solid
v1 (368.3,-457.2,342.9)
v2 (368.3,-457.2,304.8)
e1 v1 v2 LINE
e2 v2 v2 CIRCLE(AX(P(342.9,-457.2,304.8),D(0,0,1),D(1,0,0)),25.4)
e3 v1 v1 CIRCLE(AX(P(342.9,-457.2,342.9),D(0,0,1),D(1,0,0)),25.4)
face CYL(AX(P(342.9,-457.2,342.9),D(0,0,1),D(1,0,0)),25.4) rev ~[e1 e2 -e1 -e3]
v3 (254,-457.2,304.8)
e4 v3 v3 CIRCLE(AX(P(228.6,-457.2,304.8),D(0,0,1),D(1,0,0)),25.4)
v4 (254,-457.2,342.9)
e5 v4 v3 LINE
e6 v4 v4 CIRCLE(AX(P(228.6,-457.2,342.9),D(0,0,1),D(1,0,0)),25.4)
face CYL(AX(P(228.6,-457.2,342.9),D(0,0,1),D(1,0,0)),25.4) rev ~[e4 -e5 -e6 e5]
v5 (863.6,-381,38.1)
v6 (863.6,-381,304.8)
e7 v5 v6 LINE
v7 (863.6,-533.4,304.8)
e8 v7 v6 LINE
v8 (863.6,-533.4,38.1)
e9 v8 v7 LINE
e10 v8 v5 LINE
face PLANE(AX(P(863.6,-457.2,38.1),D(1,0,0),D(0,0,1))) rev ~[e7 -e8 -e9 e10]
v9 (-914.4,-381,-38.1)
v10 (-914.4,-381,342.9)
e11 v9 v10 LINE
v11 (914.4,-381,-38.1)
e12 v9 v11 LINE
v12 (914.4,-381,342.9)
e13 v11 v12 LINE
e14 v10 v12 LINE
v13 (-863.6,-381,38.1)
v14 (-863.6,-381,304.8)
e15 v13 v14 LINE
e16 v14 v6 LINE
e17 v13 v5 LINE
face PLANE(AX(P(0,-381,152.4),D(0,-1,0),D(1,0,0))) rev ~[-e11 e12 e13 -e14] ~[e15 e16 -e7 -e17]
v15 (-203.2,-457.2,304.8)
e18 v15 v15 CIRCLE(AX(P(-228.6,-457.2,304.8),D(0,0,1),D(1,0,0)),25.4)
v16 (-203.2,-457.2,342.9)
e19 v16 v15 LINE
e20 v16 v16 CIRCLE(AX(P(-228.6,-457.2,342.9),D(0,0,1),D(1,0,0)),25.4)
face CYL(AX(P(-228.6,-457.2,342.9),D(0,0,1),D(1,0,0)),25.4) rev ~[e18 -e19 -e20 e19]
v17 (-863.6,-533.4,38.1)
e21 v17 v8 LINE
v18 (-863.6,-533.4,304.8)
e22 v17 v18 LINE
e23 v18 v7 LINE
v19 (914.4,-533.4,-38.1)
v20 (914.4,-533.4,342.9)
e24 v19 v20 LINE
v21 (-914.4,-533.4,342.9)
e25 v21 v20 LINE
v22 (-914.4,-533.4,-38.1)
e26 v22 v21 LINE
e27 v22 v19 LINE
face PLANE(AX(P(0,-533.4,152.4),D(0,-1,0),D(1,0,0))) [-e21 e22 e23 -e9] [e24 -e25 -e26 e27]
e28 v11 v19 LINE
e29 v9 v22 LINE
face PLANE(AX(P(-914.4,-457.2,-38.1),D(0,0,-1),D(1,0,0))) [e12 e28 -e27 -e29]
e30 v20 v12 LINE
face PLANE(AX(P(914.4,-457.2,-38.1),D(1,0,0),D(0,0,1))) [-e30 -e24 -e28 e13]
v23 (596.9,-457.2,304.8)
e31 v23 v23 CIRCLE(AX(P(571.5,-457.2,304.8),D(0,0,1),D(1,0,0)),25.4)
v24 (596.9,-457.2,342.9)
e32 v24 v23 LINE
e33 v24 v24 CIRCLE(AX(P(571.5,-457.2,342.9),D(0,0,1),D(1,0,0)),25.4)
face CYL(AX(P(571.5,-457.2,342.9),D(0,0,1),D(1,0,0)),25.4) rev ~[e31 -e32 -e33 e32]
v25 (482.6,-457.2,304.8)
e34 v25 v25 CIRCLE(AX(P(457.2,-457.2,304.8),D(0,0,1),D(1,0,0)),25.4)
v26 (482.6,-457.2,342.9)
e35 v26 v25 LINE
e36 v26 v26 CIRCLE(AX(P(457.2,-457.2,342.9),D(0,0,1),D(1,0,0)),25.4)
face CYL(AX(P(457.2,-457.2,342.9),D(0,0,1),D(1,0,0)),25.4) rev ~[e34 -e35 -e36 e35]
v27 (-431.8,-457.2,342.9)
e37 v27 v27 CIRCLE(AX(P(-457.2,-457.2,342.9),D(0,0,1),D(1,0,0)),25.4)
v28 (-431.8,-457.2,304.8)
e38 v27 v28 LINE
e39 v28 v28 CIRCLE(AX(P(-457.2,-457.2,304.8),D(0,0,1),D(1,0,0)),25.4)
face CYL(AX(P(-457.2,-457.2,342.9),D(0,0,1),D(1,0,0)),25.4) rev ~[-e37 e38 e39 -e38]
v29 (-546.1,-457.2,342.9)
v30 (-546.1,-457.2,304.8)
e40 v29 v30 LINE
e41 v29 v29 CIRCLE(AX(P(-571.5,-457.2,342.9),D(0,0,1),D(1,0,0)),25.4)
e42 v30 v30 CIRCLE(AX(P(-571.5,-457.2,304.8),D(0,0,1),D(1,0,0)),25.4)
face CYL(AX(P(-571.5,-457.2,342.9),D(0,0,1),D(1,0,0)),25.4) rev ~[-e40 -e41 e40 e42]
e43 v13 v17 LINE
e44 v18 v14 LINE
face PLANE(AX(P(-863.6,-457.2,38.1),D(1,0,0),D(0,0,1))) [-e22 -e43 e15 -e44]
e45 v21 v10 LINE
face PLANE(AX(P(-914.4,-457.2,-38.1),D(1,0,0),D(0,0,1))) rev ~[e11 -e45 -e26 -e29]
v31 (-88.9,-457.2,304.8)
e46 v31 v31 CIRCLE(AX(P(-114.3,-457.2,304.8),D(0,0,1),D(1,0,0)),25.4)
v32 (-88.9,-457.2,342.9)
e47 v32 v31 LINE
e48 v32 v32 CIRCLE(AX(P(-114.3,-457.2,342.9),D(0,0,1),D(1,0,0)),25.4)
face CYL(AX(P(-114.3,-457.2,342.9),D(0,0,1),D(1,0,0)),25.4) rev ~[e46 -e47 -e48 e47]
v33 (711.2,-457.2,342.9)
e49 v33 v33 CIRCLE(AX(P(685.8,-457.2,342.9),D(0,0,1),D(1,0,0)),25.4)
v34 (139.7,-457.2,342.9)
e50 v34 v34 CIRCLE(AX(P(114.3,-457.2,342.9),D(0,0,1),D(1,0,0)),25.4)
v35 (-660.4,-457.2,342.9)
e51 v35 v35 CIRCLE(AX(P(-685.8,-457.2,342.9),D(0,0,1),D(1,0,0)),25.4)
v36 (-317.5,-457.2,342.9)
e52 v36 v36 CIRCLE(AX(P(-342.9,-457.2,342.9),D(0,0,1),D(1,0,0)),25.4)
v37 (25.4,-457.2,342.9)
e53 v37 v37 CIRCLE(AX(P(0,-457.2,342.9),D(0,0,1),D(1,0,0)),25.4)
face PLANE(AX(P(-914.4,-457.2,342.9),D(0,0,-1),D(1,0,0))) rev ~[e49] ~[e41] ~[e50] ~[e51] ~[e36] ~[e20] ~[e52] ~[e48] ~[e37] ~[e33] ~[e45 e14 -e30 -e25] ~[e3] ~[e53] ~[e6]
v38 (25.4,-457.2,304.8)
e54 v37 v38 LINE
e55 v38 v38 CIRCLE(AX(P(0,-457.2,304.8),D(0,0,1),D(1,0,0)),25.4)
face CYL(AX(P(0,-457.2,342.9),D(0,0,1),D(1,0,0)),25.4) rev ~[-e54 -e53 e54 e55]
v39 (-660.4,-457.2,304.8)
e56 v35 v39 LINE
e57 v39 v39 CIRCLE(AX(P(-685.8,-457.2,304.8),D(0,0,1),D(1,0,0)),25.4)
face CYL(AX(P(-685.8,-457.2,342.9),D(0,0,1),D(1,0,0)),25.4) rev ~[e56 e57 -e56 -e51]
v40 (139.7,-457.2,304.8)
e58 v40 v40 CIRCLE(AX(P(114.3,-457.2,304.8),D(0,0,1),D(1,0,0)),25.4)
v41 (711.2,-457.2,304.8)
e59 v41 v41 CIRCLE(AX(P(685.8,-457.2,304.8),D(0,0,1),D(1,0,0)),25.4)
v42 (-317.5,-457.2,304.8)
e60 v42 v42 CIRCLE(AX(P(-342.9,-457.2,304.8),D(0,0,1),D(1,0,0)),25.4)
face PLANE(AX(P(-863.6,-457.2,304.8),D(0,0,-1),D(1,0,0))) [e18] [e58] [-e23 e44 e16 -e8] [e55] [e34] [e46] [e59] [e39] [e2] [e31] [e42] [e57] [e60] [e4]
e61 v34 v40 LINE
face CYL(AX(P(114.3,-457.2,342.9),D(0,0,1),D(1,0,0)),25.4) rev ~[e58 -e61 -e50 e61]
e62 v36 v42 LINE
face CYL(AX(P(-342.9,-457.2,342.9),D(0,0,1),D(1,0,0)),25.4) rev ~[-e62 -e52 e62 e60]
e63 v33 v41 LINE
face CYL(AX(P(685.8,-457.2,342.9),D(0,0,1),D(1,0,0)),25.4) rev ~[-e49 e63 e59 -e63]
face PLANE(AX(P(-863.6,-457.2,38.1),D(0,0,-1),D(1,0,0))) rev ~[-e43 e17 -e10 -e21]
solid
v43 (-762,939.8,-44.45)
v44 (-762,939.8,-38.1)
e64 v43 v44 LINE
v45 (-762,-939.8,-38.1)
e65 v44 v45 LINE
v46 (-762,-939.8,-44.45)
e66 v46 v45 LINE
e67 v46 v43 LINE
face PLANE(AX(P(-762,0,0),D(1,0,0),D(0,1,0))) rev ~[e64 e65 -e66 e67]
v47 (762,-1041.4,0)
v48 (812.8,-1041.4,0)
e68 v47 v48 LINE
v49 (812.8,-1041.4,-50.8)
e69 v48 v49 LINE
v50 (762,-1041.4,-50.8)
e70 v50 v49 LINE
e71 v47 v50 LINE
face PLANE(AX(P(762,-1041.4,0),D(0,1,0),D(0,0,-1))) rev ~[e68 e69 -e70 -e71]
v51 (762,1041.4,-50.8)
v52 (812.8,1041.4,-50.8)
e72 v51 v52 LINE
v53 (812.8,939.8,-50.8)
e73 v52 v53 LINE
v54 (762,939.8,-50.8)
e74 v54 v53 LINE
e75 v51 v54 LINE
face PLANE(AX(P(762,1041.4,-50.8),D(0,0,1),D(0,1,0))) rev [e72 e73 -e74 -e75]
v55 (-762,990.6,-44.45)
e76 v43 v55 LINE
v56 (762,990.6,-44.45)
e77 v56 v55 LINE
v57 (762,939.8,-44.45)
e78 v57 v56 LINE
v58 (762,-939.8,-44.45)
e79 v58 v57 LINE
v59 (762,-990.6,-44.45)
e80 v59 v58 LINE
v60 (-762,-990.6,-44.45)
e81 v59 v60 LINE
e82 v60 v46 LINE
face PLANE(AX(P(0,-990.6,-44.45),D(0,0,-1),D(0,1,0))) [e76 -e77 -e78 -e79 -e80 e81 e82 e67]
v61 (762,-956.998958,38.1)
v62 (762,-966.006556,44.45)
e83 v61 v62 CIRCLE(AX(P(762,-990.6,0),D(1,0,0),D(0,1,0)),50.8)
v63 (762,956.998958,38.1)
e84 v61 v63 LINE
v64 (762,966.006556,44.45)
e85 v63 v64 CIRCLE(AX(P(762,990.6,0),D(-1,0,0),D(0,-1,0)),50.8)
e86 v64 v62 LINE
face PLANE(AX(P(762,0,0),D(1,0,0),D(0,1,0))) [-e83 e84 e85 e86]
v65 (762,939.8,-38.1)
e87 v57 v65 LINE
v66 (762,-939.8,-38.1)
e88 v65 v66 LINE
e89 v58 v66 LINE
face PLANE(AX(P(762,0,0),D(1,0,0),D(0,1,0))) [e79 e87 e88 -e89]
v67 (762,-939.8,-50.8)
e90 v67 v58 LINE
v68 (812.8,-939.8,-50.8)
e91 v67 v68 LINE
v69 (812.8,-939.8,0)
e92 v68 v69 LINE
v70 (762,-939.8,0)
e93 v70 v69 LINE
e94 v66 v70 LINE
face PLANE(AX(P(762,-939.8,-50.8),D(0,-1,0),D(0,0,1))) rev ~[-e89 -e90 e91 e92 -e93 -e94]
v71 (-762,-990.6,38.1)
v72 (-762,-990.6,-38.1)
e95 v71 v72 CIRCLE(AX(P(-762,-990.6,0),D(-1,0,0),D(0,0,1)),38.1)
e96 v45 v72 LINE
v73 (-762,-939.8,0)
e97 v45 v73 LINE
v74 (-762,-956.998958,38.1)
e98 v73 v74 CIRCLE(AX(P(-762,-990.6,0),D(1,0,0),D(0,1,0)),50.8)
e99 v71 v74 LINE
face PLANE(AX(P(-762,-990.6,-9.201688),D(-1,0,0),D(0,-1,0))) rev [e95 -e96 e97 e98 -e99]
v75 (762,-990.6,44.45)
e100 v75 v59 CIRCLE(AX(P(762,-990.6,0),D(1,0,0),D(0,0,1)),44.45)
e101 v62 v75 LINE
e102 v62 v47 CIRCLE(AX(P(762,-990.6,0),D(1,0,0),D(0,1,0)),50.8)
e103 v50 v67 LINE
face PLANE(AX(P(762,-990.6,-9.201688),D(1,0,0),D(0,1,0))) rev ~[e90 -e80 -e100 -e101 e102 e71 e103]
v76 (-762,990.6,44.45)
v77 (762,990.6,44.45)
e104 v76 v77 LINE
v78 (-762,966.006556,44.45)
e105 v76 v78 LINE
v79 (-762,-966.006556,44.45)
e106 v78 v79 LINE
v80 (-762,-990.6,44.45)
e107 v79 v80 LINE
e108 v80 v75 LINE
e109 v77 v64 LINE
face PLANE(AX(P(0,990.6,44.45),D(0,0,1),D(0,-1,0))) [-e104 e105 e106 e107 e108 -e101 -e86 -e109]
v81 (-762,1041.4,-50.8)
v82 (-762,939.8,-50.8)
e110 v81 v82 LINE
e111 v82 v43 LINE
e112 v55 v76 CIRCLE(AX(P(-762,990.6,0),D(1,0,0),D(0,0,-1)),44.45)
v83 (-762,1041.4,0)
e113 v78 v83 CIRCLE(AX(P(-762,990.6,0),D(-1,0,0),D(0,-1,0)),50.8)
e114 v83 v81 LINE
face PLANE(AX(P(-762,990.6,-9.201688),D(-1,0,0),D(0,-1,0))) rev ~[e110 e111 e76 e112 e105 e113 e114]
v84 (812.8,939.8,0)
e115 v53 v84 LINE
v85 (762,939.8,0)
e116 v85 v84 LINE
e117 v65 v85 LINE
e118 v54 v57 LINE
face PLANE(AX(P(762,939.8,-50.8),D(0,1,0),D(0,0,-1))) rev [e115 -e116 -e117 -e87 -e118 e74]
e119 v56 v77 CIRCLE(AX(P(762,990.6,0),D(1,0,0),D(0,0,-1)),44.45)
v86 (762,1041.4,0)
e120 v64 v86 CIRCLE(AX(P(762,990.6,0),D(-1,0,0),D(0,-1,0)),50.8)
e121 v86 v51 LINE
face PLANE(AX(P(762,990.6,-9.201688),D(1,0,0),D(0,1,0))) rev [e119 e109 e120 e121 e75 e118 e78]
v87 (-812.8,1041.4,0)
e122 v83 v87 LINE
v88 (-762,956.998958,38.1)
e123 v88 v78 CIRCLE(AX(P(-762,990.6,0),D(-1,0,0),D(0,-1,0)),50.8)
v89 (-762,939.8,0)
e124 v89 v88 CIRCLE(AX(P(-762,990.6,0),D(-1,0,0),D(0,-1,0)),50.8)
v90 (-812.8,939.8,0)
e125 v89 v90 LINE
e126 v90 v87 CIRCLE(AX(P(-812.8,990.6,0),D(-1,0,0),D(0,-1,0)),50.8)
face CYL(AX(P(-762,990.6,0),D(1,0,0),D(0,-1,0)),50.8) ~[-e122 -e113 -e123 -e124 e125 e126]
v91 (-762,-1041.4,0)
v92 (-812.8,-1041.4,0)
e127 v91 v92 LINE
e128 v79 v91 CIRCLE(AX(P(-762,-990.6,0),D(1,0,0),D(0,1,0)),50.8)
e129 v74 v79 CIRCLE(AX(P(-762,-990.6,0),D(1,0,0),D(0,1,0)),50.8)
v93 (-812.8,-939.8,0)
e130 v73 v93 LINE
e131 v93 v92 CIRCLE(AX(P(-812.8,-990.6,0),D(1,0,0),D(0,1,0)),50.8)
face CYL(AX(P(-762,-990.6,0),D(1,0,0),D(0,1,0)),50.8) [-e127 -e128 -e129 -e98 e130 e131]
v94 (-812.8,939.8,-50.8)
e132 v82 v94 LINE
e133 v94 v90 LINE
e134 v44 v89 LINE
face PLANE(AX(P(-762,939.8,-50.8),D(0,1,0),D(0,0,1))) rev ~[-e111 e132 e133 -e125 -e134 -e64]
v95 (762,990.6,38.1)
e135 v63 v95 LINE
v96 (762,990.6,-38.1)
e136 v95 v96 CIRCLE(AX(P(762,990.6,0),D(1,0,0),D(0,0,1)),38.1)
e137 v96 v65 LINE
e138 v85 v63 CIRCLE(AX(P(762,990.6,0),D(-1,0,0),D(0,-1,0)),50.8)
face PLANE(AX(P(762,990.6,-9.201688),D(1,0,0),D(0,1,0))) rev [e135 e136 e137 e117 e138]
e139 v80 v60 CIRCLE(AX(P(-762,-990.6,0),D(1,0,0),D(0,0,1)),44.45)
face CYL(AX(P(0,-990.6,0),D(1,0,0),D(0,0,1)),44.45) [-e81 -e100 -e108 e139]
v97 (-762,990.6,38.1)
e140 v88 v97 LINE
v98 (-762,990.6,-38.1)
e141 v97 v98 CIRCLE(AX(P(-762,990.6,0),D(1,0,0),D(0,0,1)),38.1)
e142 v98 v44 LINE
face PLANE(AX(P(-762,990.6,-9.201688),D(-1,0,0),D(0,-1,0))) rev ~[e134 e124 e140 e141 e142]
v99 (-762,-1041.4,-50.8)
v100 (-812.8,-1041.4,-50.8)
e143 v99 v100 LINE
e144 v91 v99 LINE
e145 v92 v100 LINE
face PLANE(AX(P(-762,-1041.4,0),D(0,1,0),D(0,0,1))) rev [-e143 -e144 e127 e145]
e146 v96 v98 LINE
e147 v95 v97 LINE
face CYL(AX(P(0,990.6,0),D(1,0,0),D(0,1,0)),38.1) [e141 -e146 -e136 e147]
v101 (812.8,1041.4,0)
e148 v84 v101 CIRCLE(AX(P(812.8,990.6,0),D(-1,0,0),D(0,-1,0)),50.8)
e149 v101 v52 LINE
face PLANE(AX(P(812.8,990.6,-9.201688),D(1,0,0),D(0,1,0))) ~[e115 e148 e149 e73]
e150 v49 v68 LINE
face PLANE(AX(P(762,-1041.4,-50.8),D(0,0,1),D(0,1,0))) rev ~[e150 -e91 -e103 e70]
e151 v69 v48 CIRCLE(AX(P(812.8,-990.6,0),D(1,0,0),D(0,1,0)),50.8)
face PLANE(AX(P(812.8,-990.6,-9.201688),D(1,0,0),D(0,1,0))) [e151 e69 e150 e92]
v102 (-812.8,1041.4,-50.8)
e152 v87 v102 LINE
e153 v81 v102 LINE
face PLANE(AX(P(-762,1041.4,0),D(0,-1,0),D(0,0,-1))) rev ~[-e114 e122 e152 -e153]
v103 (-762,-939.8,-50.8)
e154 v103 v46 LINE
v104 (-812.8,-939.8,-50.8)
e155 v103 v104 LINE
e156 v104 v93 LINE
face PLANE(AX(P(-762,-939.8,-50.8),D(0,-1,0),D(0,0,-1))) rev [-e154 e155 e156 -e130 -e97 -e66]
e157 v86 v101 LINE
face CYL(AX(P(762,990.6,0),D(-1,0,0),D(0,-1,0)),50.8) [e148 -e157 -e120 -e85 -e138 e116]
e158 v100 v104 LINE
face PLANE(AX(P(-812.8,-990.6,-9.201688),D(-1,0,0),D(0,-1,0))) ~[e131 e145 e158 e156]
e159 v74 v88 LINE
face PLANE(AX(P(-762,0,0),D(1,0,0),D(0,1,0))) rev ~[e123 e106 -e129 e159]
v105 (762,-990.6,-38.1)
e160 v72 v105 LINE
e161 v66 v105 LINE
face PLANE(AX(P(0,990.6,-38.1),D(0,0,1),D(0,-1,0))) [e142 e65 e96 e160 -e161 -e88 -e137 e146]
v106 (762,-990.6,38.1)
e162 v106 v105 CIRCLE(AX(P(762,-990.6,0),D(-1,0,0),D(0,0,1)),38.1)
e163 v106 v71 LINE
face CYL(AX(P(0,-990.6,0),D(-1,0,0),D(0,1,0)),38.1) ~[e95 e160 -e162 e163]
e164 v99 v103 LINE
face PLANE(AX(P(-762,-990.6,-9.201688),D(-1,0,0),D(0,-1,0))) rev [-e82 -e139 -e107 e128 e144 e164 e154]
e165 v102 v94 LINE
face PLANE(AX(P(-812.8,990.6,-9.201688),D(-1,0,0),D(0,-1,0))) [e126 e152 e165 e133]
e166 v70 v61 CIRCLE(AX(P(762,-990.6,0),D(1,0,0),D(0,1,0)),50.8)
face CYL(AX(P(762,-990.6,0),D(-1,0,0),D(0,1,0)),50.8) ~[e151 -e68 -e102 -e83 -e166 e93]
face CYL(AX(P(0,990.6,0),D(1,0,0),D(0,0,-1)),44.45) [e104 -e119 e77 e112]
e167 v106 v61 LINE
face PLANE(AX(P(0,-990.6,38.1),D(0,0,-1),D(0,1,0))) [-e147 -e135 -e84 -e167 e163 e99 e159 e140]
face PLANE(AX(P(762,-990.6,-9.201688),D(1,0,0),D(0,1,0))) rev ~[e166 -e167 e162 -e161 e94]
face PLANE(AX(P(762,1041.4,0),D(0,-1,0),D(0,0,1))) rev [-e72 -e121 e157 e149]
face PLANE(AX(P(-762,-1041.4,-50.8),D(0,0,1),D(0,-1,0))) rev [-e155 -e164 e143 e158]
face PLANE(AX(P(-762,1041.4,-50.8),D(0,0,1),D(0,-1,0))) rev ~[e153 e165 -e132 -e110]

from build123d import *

# Parameters (mm, degrees)
F1_DEPTH  = 762
F2_R      = 38.1
F3_DEPTH  = 812.8
F4_R      = 38.1
F5_DEPTH  = 50.8
F9_W      = 1828.8
F9_H      = 381
F9_W_2    = 1727.2
F9_H_2    = 266.7
F10_DEPTH = 76.2
F11_R     = 25.4
F12_DEPTH = 38.1


with BuildPart() as f1:
    # F0 (on Right) → F1 (new body, symmetric)
    with BuildSketch(Plane.YZ):
        with BuildLine():
            ThreePointArc((990.6, -44.45), (1035.05, 0), (990.6, 44.45))
            Line((990.6, 44.45), (-990.6, 44.45))
            ThreePointArc((-990.6, 44.45), (-1035.05, 0), (-990.6, -44.45))
            Line((-990.6, -44.45), (990.6, -44.45))
        make_face()
        with BuildLine():
            Line((-990.6, 38.1), (990.6, 38.1))
            ThreePointArc((990.6, 38.1), (1028.7, 0), (990.6, -38.1))
            Line((990.6, -38.1), (-990.6, -38.1))
            ThreePointArc((-990.6, -38.1), (-1028.7, 0), (-990.6, 38.1))
        make_face(mode=Mode.SUBTRACT)
    extrude(amount=F1_DEPTH, both=True)

    # F2 (on Right) → F3 (join, symmetric)
    with BuildSketch(Plane.YZ):
        with Locations((-990.6, 0)):
            Circle(F2_R)
        with Locations((990.6, 0)):
            Circle(F2_R)
    extrude(amount=F3_DEPTH, both=True)

    # F4 (on face) → F5 (join, through all)
    with BuildSketch(Plane.YZ.offset(762)):
        with BuildLine():
            Line((-939.8, -50.8), (-939.8, 0))
            ThreePointArc((-939.8, 0), (-990.6, 50.8), (-1041.4, 0))
            Line((-1041.4, 0), (-1041.4, -50.8))
            Line((-1041.4, -50.8), (-939.8, -50.8))
        make_face()
        with Locations((-990.6, 0)):
            Circle(F4_R, mode=Mode.SUBTRACT)
    extrude(amount=F5_DEPTH)

    # F6: F1 across plane


with BuildPart() as f1_1:
    add(f1.part)
    add(f1.part.mirror(Plane.YZ))

    # F7: F1 across plane


with BuildPart() as f1_2:
    add(f1_1.part)
    add(f1_1.part.mirror(Plane.XZ))


with BuildPart() as f10:
    # F9 (on offset) → F10 (new body, symmetric)
    with BuildSketch(Plane.XZ.offset(457.2)):
        with Locations((0, 152.4)):
            Rectangle(F9_W, F9_H)
        with Locations((0, 171.45)):
            Rectangle(F9_W_2, F9_H_2, mode=Mode.SUBTRACT)
    extrude(amount=F10_DEPTH, both=True)

    # F11 (on face) → F12 (cut, through all)
    with BuildSketch(Plane.XY.offset(342.9)):
        with Locations((-457.2, -457.2)):
            Circle(F11_R)
        with Locations((0, -457.2)):
            Circle(F11_R)
        with Locations((-342.9, -457.2)):
            Circle(F11_R)
        with Locations((-114.3, -457.2)):
            Circle(F11_R)
        with Locations((-228.6, -457.2)):
            Circle(F11_R)
        with Locations((-571.5, -457.2)):
            Circle(F11_R)
        with Locations((-685.8, -457.2)):
            Circle(F11_R)
        with Locations((114.3, -457.2)):
            Circle(F11_R)
        with Locations((228.6, -457.2)):
            Circle(F11_R)
        with Locations((342.9, -457.2)):
            Circle(F11_R)
        with Locations((457.2, -457.2)):
            Circle(F11_R)
        with Locations((571.5, -457.2)):
            Circle(F11_R)
        with Locations((685.8, -457.2)):
            Circle(F11_R)
    extrude(amount=-F12_DEPTH, mode=Mode.SUBTRACT)


solid = Compound([f1_2.part, f10.part])
